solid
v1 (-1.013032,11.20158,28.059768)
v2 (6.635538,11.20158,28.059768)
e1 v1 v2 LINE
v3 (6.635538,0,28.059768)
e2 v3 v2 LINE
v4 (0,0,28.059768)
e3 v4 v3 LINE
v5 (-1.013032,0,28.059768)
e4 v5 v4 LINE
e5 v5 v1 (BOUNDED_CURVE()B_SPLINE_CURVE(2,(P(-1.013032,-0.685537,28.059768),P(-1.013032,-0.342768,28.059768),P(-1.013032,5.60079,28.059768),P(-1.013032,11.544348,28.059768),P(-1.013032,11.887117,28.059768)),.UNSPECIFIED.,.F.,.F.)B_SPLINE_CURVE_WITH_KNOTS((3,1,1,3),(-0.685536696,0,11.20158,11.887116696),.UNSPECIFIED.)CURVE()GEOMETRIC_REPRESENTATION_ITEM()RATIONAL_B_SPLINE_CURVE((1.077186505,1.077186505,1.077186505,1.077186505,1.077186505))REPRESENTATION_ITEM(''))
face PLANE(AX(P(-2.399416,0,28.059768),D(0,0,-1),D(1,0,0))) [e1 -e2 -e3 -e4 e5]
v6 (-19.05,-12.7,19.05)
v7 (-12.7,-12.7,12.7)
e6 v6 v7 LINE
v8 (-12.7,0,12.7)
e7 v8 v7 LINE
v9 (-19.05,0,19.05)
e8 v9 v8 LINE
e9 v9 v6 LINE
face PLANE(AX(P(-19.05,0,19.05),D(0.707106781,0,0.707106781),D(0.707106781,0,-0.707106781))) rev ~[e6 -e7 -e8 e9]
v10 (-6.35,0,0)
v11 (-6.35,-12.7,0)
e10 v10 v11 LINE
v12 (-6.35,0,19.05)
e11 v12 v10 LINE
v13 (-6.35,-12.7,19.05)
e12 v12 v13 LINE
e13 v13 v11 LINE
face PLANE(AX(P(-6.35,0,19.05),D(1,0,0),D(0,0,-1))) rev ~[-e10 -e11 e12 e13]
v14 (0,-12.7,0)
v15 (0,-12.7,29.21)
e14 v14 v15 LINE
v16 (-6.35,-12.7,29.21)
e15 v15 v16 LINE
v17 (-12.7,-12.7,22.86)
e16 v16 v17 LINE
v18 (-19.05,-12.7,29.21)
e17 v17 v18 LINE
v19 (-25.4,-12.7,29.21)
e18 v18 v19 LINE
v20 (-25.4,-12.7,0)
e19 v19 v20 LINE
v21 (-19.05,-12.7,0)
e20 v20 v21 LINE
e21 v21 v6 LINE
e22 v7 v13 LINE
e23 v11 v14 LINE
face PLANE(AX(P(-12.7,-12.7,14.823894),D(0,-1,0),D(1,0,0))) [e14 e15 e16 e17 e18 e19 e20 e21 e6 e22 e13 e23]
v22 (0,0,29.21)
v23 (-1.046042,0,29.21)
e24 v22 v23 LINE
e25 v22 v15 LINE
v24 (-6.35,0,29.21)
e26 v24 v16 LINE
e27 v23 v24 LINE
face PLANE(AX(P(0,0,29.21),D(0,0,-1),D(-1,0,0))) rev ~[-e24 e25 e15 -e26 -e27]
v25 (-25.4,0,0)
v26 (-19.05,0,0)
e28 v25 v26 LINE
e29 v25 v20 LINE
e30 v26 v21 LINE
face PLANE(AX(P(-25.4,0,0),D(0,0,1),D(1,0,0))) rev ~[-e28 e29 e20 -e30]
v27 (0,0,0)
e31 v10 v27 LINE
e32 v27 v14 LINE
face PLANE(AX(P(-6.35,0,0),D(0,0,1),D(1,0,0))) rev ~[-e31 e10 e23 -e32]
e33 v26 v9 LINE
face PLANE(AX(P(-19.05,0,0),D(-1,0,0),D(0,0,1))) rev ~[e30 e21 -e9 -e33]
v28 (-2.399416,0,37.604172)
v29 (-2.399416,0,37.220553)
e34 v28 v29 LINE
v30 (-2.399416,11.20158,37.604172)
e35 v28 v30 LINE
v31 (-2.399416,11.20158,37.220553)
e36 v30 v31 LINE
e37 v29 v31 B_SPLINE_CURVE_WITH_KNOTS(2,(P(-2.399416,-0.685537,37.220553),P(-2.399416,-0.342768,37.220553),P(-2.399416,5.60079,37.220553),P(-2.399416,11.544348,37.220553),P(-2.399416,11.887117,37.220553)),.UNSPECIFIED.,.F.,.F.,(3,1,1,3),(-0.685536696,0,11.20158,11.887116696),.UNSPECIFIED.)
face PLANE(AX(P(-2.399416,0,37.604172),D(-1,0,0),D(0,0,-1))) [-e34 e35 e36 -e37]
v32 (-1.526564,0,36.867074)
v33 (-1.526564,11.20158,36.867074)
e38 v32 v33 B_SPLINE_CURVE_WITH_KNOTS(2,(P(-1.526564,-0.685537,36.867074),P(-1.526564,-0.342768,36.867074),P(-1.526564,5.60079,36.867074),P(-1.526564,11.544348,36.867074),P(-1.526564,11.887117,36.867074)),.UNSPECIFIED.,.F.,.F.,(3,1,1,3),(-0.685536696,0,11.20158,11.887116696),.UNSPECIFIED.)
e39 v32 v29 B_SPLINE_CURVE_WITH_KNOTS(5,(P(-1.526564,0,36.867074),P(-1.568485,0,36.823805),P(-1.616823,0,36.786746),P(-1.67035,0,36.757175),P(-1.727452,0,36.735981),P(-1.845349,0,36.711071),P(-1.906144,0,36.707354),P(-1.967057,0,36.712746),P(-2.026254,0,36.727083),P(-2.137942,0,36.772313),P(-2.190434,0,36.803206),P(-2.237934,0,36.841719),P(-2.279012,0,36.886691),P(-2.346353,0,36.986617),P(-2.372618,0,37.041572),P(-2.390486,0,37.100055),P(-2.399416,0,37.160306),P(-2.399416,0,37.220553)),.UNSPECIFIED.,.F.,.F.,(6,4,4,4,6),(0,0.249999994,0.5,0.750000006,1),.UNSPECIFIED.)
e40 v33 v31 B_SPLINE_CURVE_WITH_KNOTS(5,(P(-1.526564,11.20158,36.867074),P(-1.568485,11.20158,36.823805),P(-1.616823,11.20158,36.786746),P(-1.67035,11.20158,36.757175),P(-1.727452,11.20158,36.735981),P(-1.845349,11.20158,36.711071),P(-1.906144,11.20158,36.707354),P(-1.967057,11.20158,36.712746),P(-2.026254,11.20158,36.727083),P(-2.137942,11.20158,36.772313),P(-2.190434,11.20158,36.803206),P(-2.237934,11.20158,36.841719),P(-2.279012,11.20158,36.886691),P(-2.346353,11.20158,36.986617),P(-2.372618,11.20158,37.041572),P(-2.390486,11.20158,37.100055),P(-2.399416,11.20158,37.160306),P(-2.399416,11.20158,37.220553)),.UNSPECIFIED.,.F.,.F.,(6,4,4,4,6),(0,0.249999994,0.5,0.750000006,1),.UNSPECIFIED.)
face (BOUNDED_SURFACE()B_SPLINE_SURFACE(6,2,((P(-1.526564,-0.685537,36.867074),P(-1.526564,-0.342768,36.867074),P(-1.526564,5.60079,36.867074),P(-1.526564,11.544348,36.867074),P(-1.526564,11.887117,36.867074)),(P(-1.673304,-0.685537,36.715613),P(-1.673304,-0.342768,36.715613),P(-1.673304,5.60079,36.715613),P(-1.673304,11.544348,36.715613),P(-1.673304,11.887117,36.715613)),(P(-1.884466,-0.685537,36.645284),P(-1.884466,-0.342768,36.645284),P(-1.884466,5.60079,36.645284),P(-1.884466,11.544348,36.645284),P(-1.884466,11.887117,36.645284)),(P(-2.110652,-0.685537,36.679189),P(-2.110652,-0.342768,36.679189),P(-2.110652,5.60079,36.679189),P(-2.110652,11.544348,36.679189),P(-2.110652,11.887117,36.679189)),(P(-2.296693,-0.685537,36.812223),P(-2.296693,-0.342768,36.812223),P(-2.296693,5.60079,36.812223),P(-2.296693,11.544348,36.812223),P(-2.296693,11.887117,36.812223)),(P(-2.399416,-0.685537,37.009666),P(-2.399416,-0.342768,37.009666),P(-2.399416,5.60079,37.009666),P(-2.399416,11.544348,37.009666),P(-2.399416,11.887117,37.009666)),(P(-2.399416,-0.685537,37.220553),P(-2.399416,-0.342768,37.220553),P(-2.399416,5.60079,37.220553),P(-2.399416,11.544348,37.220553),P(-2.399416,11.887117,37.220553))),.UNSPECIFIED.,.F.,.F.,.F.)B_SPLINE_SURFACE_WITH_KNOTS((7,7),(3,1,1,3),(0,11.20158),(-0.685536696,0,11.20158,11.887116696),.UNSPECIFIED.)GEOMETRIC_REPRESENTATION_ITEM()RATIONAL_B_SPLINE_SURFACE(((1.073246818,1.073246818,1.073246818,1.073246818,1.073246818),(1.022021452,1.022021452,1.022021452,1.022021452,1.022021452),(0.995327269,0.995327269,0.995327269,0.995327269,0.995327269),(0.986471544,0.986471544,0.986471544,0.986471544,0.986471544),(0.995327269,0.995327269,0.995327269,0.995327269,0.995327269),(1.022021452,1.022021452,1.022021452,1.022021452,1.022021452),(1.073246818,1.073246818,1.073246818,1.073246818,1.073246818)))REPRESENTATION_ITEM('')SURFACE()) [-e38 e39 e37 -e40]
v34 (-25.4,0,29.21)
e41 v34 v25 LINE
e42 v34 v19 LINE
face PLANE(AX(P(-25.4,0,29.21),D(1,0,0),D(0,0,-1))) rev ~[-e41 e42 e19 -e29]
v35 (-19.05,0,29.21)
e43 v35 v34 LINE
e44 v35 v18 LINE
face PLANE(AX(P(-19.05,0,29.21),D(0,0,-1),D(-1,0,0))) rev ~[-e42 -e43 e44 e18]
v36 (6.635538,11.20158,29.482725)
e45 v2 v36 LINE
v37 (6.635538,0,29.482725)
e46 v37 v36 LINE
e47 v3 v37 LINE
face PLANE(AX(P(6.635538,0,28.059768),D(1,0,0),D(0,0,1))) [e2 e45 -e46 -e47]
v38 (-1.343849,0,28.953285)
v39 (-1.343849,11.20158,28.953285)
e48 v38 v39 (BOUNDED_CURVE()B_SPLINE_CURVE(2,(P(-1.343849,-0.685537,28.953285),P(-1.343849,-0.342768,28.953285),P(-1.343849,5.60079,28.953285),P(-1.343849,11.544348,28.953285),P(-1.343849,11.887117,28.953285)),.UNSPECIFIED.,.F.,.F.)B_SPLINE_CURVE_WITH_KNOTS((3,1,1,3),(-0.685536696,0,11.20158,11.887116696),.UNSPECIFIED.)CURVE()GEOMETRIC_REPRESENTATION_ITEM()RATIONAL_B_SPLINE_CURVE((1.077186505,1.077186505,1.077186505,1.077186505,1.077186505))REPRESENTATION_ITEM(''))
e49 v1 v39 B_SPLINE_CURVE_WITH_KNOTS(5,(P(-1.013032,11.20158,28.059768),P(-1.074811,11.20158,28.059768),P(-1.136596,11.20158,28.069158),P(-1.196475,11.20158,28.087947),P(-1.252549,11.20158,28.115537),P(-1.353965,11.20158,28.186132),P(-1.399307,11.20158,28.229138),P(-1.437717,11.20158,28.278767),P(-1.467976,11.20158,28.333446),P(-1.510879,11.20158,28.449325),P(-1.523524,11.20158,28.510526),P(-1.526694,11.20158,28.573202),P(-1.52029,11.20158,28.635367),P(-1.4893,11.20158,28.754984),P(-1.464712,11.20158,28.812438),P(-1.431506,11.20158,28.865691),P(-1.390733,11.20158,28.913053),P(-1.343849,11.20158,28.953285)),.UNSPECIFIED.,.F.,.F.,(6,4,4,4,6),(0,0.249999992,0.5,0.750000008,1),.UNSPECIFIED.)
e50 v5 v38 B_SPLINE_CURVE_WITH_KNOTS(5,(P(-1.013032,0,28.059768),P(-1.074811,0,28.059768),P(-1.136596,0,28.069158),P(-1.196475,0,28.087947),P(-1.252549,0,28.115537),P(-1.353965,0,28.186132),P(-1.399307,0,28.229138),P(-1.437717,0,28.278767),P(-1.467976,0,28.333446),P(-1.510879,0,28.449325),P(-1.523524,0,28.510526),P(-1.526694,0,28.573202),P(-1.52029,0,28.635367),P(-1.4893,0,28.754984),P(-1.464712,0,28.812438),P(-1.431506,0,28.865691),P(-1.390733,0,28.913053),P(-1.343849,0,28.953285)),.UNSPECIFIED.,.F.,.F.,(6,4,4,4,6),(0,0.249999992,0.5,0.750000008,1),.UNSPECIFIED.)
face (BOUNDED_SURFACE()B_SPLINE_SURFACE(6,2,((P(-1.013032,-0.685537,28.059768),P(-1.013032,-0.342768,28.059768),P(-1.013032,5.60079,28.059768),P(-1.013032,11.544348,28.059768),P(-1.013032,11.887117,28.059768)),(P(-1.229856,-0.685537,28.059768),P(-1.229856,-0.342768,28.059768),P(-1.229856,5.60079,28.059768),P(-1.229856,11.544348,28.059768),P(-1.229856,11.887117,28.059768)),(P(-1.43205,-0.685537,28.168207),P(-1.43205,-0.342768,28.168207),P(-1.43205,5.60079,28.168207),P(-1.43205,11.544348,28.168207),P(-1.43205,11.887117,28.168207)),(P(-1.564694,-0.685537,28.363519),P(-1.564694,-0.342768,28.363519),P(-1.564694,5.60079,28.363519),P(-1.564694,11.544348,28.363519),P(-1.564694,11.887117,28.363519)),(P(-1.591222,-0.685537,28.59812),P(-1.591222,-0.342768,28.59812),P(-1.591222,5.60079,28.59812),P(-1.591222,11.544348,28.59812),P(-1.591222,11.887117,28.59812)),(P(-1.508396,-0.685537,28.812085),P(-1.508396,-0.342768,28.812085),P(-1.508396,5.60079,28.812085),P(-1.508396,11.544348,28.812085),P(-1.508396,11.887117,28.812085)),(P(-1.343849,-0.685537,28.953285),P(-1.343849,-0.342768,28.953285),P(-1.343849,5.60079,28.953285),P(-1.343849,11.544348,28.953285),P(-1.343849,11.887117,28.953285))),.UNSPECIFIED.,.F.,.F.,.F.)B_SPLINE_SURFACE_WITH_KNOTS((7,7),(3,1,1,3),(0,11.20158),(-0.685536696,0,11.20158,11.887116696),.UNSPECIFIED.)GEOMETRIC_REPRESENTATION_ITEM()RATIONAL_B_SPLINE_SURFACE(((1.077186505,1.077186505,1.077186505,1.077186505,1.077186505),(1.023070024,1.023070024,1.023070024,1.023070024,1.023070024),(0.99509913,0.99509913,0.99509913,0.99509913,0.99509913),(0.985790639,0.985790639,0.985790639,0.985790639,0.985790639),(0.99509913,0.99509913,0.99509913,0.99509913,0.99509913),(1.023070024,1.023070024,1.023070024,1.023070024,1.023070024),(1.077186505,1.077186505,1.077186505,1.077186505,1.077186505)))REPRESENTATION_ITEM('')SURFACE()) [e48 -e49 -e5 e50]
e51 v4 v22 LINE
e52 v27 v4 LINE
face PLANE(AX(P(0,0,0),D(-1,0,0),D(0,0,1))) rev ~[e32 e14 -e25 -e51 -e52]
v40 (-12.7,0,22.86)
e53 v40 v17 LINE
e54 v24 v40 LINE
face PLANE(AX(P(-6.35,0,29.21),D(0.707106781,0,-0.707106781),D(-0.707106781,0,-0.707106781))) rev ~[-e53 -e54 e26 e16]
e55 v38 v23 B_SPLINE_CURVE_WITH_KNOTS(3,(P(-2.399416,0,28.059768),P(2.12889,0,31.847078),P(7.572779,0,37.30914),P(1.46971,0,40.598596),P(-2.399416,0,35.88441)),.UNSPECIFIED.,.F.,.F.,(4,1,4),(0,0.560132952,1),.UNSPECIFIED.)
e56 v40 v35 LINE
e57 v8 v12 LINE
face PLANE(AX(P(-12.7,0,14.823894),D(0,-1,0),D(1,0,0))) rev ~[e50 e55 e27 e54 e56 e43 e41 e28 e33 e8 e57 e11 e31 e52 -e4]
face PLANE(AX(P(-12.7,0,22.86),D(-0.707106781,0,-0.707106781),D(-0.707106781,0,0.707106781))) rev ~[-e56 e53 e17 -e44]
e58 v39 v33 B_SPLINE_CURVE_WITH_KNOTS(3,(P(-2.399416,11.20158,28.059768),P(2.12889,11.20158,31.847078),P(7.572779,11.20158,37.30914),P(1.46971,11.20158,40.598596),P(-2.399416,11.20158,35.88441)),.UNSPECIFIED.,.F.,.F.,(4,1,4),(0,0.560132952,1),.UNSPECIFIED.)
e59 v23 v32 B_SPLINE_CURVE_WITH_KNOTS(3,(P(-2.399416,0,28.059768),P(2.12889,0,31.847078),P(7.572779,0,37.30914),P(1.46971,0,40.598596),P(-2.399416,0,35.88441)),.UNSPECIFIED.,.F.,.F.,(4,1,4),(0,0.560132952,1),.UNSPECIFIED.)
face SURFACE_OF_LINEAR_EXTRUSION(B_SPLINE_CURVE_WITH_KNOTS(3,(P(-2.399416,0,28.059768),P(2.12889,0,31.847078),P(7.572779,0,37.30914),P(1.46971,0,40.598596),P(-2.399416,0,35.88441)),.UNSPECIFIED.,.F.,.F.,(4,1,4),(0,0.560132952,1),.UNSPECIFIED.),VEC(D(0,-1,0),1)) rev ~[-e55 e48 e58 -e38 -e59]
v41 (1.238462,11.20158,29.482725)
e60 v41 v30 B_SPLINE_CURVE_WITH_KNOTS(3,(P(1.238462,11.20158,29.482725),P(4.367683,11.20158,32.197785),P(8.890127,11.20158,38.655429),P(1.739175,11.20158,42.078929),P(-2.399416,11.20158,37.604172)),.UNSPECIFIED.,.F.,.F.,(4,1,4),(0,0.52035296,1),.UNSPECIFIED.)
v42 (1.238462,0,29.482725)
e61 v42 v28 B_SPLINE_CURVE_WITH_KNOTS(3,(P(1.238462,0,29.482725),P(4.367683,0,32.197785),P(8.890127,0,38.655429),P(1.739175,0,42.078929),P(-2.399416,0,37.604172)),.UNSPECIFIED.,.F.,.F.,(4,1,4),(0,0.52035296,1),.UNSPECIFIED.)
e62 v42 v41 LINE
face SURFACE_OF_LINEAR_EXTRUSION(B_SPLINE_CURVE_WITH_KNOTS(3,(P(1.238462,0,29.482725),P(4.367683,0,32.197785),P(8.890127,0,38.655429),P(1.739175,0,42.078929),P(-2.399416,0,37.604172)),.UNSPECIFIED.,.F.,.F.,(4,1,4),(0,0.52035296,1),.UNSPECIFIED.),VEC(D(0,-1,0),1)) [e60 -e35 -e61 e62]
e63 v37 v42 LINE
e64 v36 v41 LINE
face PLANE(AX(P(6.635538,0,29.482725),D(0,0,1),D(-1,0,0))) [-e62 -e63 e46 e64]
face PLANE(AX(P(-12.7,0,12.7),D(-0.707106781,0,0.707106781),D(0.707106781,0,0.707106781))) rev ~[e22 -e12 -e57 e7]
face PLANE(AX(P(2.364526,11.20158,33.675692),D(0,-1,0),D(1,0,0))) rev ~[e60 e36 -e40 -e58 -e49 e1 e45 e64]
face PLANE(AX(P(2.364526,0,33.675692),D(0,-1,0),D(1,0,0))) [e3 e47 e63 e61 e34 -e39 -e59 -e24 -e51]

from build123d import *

# Parameters (mm, degrees)
F1_DEPTH = 12.7
F3_DEPTH = 11.20158
F4_R     = 0.508


with BuildPart() as f1:
    # F0 (on Front) → F1 (new body)
    with BuildSketch(Plane.XZ):
        Polygon((-25.4, 29.21), (-25.4, 0), (-19.05, 0), (-19.05, 19.05), (-12.7, 12.7), (-6.35, 19.05), (-6.35, 0), (0, 0), (0, 29.21), (-6.35, 29.21), (-12.7, 22.86), (-19.05, 29.21), align=None)
    extrude(amount=F1_DEPTH)

    # F2 (on Front) → F3 (join)
    with BuildSketch(Plane.XZ):
        with BuildLine():
            Line((-2.3994161721, 28.0597675592), (6.6355378367, 28.0597675592))
            Line((6.6355378367, 28.0597675592), (6.6355378367, 29.4827252309))
            Line((6.6355378367, 29.4827252309), (1.2384620469, 29.4827252309))
            add(Edge.make_bspline(
                [(1.2384620469, 29.4827252309), (4.3676832704, 32.1977850174), (8.890126837, 38.6554285203), (1.7391745932, 42.078929022), (-2.3994161721, 37.6041723206)],
                knots=[0, 0, 0, 0, 0.5203529604, 1, 1, 1, 1], degree=3))
            Line((-2.3994161721, 37.6041723206), (-2.3994161721, 35.8844103642))
            add(Edge.make_bspline(
                [(-2.3994161721, 28.0597675592), (2.1288901598, 31.8470776853), (7.5727786172, 37.3091404259), (1.4697099185, 40.5985963112), (-2.3994161721, 35.8844103642)],
                knots=[0, 0, 0, 0, 0.5601329519, 1, 1, 1, 1], degree=3))
        make_face()
    extrude(amount=-F3_DEPTH)

    # F4
    f4_edges = [f1.edges().sort_by_distance(p)[0] for p in [
        (-2.399416, 5.60079, 28.059768),
        (-2.399416, 5.60079, 35.88441),
    ]]
    fillet(f4_edges, radius=F4_R)


solid = f1.part
